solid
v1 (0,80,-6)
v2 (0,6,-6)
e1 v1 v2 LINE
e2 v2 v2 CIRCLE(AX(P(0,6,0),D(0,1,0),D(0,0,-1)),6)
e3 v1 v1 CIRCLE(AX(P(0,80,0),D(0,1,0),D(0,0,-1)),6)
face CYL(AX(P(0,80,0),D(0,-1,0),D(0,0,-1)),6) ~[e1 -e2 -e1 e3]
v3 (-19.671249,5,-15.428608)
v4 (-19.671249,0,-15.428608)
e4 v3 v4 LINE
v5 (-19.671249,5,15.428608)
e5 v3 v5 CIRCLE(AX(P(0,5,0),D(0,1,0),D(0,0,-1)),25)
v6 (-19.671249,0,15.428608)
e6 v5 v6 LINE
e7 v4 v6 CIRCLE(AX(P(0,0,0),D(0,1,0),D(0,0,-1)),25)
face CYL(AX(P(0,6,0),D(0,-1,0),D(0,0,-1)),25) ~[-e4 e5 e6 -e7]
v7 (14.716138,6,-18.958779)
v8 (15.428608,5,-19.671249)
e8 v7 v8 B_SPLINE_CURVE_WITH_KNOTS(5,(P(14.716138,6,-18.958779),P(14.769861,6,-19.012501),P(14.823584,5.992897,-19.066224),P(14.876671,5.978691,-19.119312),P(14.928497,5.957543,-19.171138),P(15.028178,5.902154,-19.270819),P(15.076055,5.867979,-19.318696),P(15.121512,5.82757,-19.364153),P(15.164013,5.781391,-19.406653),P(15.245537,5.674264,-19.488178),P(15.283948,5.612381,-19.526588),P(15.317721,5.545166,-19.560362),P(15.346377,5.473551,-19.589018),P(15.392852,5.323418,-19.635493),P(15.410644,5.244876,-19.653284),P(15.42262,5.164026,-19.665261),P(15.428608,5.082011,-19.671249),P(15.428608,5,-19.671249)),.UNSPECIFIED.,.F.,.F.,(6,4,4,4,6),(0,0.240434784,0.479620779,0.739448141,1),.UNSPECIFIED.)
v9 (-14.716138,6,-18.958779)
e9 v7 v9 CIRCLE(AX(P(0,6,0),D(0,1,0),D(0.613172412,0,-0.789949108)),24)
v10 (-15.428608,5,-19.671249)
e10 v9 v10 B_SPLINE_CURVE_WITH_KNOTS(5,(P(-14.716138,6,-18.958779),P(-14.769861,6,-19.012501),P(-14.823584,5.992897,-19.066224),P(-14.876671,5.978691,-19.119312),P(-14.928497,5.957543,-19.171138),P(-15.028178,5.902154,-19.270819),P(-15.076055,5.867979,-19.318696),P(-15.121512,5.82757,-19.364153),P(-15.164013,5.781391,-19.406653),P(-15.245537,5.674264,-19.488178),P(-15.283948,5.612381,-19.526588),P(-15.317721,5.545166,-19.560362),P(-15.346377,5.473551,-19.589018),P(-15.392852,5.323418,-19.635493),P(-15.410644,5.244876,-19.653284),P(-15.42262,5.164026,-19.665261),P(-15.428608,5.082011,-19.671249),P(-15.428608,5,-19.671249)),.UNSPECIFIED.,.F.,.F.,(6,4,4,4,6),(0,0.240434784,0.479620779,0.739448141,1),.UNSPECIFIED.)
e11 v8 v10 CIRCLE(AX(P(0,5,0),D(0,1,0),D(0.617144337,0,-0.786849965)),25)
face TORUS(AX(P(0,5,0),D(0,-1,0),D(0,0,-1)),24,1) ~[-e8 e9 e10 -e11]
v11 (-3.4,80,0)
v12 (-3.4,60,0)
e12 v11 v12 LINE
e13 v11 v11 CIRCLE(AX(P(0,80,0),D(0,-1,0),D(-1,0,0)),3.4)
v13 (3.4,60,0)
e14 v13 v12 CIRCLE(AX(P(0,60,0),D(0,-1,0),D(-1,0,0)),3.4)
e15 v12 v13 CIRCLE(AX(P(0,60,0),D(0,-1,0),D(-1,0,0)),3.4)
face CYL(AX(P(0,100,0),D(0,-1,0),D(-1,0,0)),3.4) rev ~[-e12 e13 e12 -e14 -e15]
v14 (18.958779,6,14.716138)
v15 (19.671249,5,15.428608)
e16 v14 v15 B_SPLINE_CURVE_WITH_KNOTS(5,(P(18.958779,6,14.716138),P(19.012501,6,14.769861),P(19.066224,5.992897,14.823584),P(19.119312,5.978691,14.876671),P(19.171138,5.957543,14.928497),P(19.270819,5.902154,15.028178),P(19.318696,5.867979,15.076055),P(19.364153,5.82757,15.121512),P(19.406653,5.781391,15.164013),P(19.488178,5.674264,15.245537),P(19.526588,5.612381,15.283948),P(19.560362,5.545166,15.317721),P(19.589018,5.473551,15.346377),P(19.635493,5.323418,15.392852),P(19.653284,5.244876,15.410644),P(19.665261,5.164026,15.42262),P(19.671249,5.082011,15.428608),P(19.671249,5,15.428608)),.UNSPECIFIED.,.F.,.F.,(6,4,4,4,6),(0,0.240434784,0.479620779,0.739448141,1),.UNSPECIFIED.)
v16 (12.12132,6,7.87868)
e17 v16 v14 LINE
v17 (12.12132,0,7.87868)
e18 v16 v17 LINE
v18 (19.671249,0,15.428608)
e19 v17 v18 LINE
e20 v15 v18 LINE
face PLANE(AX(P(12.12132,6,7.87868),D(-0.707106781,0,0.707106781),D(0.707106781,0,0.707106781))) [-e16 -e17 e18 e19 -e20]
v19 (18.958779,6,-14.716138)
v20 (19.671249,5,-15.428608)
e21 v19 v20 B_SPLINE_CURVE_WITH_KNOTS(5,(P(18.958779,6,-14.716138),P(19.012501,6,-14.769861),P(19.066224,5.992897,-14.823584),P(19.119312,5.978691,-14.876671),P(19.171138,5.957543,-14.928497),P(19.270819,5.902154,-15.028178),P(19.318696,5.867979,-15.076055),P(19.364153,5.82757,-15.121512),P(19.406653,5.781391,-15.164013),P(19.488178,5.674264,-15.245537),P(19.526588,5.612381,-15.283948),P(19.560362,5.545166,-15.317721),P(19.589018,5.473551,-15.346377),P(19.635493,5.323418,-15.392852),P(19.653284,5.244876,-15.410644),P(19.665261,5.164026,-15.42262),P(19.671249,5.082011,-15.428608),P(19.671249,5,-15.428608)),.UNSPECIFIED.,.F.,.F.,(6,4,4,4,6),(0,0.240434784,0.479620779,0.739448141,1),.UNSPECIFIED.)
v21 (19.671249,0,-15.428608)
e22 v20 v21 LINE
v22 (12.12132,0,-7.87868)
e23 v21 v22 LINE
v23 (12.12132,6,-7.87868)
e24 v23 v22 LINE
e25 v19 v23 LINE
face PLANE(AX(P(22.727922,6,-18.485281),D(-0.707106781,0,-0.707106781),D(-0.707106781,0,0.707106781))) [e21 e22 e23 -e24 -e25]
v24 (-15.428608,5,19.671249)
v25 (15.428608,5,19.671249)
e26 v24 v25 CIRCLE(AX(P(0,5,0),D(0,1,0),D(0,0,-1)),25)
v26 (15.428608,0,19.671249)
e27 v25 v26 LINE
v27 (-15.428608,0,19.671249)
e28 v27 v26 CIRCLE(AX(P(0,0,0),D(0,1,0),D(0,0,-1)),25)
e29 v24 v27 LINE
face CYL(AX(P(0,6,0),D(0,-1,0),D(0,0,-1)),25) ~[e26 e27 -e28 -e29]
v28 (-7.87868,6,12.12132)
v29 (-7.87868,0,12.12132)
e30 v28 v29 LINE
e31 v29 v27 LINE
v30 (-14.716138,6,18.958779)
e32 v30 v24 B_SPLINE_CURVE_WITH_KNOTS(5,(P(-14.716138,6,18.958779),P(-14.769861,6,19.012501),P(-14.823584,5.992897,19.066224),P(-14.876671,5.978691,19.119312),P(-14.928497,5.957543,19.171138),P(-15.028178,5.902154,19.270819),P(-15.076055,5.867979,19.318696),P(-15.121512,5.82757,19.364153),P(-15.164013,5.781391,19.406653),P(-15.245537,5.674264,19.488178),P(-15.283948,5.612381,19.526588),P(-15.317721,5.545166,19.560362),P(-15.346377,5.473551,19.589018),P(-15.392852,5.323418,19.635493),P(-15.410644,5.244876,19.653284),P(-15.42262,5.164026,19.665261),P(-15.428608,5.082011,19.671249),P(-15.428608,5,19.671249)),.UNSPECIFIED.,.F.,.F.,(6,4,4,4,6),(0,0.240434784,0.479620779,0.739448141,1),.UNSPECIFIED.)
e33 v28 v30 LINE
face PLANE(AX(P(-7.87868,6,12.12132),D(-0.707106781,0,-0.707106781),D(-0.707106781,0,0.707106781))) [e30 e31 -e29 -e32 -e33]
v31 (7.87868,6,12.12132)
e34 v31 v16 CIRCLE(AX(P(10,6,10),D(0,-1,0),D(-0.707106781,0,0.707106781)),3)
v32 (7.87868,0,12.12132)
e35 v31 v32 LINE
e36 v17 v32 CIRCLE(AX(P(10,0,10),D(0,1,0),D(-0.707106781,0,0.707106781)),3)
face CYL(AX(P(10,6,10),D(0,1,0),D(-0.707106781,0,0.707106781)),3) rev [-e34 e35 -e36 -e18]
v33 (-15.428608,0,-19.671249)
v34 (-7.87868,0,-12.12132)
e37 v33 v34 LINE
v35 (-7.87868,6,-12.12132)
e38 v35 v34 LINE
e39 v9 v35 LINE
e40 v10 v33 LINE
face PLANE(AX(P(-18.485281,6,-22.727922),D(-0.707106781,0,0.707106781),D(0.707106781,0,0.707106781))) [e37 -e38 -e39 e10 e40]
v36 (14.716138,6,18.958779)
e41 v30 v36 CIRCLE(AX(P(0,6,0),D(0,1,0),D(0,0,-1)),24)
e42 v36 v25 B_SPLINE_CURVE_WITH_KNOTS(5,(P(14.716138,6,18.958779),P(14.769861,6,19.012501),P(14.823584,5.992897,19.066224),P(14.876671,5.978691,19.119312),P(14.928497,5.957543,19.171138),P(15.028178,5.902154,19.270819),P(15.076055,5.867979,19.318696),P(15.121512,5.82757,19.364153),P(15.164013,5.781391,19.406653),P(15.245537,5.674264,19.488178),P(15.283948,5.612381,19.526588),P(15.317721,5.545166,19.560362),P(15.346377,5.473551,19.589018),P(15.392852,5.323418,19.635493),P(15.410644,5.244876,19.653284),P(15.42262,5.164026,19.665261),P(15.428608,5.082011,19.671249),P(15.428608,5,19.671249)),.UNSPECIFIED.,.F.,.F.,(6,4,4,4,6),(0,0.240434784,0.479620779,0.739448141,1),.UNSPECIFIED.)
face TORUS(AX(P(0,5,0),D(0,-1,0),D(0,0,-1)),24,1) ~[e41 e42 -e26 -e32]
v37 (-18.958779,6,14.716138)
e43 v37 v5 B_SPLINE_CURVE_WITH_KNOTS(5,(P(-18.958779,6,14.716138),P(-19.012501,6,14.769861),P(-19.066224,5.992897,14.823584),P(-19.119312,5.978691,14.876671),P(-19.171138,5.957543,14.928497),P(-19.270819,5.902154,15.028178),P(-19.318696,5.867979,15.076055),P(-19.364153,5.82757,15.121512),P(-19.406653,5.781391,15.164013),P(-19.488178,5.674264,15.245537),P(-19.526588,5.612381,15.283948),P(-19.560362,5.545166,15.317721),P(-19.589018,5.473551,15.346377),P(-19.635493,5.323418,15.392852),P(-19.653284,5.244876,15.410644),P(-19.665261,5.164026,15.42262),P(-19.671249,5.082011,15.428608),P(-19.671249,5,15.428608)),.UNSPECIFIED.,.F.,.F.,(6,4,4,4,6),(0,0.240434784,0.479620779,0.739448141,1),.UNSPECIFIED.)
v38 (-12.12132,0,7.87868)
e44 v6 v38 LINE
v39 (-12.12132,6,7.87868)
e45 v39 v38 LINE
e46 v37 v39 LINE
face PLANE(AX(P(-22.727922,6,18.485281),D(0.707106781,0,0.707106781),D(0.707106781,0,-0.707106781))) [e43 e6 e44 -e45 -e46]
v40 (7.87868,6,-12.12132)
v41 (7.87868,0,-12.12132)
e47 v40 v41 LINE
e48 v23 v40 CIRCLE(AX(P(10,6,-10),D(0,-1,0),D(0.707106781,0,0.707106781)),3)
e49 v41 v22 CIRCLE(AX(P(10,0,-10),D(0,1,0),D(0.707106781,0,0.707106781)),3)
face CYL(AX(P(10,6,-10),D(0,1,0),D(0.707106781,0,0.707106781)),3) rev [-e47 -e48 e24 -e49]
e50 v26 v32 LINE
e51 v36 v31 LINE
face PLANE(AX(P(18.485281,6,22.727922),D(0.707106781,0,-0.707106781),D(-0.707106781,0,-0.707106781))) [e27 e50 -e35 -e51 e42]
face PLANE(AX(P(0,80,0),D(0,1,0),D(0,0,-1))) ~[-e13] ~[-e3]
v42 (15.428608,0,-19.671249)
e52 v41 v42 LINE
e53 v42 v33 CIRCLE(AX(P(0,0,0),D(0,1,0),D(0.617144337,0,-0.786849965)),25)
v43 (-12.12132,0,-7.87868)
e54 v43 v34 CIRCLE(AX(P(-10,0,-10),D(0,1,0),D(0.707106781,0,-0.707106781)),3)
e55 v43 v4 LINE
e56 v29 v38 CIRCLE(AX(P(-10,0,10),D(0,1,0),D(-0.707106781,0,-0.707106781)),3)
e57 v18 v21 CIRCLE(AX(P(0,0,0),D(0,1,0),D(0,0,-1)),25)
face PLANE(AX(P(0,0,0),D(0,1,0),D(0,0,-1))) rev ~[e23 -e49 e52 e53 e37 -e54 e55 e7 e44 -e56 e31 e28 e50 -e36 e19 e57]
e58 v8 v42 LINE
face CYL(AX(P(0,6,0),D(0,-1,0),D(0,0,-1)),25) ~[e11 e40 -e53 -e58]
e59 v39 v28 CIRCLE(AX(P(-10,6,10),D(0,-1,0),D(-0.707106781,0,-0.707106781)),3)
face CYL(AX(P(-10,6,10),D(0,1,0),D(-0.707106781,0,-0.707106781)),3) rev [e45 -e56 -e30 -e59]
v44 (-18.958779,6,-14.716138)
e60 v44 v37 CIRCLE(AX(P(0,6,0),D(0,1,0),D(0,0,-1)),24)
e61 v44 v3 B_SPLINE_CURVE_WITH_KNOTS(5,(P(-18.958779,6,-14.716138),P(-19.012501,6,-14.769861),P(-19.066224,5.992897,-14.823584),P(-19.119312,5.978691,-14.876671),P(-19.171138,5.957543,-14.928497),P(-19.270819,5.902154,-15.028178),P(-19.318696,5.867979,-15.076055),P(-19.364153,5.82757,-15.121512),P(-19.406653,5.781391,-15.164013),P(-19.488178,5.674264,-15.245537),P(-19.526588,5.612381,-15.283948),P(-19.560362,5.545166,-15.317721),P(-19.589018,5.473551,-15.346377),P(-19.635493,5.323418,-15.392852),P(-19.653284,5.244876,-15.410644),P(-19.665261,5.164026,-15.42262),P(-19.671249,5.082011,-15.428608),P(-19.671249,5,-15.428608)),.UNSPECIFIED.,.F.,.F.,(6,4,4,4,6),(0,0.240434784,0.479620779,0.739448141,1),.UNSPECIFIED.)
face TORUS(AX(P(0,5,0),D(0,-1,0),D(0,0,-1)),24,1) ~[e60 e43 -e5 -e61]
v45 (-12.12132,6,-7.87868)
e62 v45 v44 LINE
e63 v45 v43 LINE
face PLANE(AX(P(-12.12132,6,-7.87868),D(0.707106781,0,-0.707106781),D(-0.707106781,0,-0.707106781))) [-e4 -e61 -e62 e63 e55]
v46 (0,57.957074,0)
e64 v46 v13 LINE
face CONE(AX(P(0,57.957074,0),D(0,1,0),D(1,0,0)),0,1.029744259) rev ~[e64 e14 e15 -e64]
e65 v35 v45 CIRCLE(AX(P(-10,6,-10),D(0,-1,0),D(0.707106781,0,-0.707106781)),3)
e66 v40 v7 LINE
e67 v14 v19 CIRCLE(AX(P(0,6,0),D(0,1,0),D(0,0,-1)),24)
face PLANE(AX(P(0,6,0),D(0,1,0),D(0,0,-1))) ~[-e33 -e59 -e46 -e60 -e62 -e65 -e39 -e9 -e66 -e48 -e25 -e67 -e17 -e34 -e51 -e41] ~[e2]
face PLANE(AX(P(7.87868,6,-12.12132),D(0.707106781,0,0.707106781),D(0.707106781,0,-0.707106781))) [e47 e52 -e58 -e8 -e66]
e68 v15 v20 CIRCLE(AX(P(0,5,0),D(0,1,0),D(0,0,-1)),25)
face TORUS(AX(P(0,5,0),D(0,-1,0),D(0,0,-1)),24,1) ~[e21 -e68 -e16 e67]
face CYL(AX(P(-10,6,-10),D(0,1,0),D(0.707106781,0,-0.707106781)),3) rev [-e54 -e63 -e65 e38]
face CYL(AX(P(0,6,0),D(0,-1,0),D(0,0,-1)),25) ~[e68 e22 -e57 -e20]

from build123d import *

# Parameters (mm, degrees)
FILLET_1_R             = 1
HOLE_WIZARD_M8_1_D     = 6.8
HOLE_WIZARD_M8_1_DEPTH = 20
HOLE_WIZARD_M8_1_TIP   = 2.042926105
CUT_EXTRUDE_1_DEPTH    = 83.012194246


with BuildPart() as part:
    # 草图1 → 旋转1 (revolve)
    with BuildSketch(Plane.XY, mode=Mode.PRIVATE) as revolve_1_sk:
        Polygon((0, 0), (0, 80), (-6, 80), (-6, 6), (-25, 6), (-25, 0), align=None)
    revolve(revolve_1_sk.sketch.rotate(Axis((0, 0, 0), (0, 1, 0)), 270), axis=Axis((0, 0, 0), (0, 1, 0)))

    # 圆角1
    fillet_1_edges = [part.edges().sort_by_distance(p)[0] for p in [
        (0, 6, 25),
    ]]
    fillet(fillet_1_edges, radius=FILLET_1_R)

    # M8 螺纹槽口的螺纹槽口钻头1
    with Locations(Plane(origin=(0, 80, 0), x_dir=(1, 0, 0), z_dir=(0, 1, 0))):
        with Locations((0, 0)):
            Hole(HOLE_WIZARD_M8_1_D / 2, depth=HOLE_WIZARD_M8_1_DEPTH)
            with Locations((0, 0, -(HOLE_WIZARD_M8_1_DEPTH + HOLE_WIZARD_M8_1_TIP / 2))):  # 118° drill point
                Cone(0, HOLE_WIZARD_M8_1_D / 2, HOLE_WIZARD_M8_1_TIP, mode=Mode.SUBTRACT)

    # 草图5 → 切除-拉伸1 (cut, through all)
    with BuildSketch(Plane(origin=(0, 6, 0), x_dir=(1, 0, 0), z_dir=(0, 1, 0))):
        with BuildLine():
            Line((12.121320344, -7.878679656), (22.727922061, -18.485281374))
            ThreePointArc((22.727922061, -18.485281374), (22.727922061, -22.727922061), (18.485281374, -22.727922061))
            Line((18.485281374, -22.727922061), (7.878679656, -12.121320344))
            ThreePointArc((7.878679656, -12.121320344), (7.878679656, -7.878679656), (12.121320344, -7.878679656))
        make_face()
        with BuildLine():
            Line((-7.878679656, -12.121320344), (-18.485281374, -22.727922061))
            ThreePointArc((-18.485281374, -22.727922061), (-22.727922061, -22.727922061), (-22.727922061, -18.485281374))
            Line((-22.727922061, -18.485281374), (-12.121320344, -7.878679656))
            ThreePointArc((-12.121320344, -7.878679656), (-7.878679656, -7.878679656), (-7.878679656, -12.121320344))
        make_face()
        with BuildLine():
            Line((-12.121320344, 7.878679656), (-22.727922061, 18.485281374))
            ThreePointArc((-22.727922061, 18.485281374), (-22.727922061, 22.727922061), (-18.485281374, 22.727922061))
            Line((-18.485281374, 22.727922061), (-7.878679656, 12.121320344))
            ThreePointArc((-7.878679656, 12.121320344), (-7.878679656, 7.878679656), (-12.121320344, 7.878679656))
        make_face()
        with BuildLine():
            Line((7.878679656, 12.121320344), (18.485281374, 22.727922061))
            ThreePointArc((18.485281374, 22.727922061), (22.727922061, 22.727922061), (22.727922061, 18.485281374))
            Line((22.727922061, 18.485281374), (12.121320344, 7.878679656))
            ThreePointArc((12.121320344, 7.878679656), (7.878679656, 7.878679656), (7.878679656, 12.121320344))
        make_face()
    extrude(amount=-CUT_EXTRUDE_1_DEPTH, mode=Mode.SUBTRACT)


solid = part.part
